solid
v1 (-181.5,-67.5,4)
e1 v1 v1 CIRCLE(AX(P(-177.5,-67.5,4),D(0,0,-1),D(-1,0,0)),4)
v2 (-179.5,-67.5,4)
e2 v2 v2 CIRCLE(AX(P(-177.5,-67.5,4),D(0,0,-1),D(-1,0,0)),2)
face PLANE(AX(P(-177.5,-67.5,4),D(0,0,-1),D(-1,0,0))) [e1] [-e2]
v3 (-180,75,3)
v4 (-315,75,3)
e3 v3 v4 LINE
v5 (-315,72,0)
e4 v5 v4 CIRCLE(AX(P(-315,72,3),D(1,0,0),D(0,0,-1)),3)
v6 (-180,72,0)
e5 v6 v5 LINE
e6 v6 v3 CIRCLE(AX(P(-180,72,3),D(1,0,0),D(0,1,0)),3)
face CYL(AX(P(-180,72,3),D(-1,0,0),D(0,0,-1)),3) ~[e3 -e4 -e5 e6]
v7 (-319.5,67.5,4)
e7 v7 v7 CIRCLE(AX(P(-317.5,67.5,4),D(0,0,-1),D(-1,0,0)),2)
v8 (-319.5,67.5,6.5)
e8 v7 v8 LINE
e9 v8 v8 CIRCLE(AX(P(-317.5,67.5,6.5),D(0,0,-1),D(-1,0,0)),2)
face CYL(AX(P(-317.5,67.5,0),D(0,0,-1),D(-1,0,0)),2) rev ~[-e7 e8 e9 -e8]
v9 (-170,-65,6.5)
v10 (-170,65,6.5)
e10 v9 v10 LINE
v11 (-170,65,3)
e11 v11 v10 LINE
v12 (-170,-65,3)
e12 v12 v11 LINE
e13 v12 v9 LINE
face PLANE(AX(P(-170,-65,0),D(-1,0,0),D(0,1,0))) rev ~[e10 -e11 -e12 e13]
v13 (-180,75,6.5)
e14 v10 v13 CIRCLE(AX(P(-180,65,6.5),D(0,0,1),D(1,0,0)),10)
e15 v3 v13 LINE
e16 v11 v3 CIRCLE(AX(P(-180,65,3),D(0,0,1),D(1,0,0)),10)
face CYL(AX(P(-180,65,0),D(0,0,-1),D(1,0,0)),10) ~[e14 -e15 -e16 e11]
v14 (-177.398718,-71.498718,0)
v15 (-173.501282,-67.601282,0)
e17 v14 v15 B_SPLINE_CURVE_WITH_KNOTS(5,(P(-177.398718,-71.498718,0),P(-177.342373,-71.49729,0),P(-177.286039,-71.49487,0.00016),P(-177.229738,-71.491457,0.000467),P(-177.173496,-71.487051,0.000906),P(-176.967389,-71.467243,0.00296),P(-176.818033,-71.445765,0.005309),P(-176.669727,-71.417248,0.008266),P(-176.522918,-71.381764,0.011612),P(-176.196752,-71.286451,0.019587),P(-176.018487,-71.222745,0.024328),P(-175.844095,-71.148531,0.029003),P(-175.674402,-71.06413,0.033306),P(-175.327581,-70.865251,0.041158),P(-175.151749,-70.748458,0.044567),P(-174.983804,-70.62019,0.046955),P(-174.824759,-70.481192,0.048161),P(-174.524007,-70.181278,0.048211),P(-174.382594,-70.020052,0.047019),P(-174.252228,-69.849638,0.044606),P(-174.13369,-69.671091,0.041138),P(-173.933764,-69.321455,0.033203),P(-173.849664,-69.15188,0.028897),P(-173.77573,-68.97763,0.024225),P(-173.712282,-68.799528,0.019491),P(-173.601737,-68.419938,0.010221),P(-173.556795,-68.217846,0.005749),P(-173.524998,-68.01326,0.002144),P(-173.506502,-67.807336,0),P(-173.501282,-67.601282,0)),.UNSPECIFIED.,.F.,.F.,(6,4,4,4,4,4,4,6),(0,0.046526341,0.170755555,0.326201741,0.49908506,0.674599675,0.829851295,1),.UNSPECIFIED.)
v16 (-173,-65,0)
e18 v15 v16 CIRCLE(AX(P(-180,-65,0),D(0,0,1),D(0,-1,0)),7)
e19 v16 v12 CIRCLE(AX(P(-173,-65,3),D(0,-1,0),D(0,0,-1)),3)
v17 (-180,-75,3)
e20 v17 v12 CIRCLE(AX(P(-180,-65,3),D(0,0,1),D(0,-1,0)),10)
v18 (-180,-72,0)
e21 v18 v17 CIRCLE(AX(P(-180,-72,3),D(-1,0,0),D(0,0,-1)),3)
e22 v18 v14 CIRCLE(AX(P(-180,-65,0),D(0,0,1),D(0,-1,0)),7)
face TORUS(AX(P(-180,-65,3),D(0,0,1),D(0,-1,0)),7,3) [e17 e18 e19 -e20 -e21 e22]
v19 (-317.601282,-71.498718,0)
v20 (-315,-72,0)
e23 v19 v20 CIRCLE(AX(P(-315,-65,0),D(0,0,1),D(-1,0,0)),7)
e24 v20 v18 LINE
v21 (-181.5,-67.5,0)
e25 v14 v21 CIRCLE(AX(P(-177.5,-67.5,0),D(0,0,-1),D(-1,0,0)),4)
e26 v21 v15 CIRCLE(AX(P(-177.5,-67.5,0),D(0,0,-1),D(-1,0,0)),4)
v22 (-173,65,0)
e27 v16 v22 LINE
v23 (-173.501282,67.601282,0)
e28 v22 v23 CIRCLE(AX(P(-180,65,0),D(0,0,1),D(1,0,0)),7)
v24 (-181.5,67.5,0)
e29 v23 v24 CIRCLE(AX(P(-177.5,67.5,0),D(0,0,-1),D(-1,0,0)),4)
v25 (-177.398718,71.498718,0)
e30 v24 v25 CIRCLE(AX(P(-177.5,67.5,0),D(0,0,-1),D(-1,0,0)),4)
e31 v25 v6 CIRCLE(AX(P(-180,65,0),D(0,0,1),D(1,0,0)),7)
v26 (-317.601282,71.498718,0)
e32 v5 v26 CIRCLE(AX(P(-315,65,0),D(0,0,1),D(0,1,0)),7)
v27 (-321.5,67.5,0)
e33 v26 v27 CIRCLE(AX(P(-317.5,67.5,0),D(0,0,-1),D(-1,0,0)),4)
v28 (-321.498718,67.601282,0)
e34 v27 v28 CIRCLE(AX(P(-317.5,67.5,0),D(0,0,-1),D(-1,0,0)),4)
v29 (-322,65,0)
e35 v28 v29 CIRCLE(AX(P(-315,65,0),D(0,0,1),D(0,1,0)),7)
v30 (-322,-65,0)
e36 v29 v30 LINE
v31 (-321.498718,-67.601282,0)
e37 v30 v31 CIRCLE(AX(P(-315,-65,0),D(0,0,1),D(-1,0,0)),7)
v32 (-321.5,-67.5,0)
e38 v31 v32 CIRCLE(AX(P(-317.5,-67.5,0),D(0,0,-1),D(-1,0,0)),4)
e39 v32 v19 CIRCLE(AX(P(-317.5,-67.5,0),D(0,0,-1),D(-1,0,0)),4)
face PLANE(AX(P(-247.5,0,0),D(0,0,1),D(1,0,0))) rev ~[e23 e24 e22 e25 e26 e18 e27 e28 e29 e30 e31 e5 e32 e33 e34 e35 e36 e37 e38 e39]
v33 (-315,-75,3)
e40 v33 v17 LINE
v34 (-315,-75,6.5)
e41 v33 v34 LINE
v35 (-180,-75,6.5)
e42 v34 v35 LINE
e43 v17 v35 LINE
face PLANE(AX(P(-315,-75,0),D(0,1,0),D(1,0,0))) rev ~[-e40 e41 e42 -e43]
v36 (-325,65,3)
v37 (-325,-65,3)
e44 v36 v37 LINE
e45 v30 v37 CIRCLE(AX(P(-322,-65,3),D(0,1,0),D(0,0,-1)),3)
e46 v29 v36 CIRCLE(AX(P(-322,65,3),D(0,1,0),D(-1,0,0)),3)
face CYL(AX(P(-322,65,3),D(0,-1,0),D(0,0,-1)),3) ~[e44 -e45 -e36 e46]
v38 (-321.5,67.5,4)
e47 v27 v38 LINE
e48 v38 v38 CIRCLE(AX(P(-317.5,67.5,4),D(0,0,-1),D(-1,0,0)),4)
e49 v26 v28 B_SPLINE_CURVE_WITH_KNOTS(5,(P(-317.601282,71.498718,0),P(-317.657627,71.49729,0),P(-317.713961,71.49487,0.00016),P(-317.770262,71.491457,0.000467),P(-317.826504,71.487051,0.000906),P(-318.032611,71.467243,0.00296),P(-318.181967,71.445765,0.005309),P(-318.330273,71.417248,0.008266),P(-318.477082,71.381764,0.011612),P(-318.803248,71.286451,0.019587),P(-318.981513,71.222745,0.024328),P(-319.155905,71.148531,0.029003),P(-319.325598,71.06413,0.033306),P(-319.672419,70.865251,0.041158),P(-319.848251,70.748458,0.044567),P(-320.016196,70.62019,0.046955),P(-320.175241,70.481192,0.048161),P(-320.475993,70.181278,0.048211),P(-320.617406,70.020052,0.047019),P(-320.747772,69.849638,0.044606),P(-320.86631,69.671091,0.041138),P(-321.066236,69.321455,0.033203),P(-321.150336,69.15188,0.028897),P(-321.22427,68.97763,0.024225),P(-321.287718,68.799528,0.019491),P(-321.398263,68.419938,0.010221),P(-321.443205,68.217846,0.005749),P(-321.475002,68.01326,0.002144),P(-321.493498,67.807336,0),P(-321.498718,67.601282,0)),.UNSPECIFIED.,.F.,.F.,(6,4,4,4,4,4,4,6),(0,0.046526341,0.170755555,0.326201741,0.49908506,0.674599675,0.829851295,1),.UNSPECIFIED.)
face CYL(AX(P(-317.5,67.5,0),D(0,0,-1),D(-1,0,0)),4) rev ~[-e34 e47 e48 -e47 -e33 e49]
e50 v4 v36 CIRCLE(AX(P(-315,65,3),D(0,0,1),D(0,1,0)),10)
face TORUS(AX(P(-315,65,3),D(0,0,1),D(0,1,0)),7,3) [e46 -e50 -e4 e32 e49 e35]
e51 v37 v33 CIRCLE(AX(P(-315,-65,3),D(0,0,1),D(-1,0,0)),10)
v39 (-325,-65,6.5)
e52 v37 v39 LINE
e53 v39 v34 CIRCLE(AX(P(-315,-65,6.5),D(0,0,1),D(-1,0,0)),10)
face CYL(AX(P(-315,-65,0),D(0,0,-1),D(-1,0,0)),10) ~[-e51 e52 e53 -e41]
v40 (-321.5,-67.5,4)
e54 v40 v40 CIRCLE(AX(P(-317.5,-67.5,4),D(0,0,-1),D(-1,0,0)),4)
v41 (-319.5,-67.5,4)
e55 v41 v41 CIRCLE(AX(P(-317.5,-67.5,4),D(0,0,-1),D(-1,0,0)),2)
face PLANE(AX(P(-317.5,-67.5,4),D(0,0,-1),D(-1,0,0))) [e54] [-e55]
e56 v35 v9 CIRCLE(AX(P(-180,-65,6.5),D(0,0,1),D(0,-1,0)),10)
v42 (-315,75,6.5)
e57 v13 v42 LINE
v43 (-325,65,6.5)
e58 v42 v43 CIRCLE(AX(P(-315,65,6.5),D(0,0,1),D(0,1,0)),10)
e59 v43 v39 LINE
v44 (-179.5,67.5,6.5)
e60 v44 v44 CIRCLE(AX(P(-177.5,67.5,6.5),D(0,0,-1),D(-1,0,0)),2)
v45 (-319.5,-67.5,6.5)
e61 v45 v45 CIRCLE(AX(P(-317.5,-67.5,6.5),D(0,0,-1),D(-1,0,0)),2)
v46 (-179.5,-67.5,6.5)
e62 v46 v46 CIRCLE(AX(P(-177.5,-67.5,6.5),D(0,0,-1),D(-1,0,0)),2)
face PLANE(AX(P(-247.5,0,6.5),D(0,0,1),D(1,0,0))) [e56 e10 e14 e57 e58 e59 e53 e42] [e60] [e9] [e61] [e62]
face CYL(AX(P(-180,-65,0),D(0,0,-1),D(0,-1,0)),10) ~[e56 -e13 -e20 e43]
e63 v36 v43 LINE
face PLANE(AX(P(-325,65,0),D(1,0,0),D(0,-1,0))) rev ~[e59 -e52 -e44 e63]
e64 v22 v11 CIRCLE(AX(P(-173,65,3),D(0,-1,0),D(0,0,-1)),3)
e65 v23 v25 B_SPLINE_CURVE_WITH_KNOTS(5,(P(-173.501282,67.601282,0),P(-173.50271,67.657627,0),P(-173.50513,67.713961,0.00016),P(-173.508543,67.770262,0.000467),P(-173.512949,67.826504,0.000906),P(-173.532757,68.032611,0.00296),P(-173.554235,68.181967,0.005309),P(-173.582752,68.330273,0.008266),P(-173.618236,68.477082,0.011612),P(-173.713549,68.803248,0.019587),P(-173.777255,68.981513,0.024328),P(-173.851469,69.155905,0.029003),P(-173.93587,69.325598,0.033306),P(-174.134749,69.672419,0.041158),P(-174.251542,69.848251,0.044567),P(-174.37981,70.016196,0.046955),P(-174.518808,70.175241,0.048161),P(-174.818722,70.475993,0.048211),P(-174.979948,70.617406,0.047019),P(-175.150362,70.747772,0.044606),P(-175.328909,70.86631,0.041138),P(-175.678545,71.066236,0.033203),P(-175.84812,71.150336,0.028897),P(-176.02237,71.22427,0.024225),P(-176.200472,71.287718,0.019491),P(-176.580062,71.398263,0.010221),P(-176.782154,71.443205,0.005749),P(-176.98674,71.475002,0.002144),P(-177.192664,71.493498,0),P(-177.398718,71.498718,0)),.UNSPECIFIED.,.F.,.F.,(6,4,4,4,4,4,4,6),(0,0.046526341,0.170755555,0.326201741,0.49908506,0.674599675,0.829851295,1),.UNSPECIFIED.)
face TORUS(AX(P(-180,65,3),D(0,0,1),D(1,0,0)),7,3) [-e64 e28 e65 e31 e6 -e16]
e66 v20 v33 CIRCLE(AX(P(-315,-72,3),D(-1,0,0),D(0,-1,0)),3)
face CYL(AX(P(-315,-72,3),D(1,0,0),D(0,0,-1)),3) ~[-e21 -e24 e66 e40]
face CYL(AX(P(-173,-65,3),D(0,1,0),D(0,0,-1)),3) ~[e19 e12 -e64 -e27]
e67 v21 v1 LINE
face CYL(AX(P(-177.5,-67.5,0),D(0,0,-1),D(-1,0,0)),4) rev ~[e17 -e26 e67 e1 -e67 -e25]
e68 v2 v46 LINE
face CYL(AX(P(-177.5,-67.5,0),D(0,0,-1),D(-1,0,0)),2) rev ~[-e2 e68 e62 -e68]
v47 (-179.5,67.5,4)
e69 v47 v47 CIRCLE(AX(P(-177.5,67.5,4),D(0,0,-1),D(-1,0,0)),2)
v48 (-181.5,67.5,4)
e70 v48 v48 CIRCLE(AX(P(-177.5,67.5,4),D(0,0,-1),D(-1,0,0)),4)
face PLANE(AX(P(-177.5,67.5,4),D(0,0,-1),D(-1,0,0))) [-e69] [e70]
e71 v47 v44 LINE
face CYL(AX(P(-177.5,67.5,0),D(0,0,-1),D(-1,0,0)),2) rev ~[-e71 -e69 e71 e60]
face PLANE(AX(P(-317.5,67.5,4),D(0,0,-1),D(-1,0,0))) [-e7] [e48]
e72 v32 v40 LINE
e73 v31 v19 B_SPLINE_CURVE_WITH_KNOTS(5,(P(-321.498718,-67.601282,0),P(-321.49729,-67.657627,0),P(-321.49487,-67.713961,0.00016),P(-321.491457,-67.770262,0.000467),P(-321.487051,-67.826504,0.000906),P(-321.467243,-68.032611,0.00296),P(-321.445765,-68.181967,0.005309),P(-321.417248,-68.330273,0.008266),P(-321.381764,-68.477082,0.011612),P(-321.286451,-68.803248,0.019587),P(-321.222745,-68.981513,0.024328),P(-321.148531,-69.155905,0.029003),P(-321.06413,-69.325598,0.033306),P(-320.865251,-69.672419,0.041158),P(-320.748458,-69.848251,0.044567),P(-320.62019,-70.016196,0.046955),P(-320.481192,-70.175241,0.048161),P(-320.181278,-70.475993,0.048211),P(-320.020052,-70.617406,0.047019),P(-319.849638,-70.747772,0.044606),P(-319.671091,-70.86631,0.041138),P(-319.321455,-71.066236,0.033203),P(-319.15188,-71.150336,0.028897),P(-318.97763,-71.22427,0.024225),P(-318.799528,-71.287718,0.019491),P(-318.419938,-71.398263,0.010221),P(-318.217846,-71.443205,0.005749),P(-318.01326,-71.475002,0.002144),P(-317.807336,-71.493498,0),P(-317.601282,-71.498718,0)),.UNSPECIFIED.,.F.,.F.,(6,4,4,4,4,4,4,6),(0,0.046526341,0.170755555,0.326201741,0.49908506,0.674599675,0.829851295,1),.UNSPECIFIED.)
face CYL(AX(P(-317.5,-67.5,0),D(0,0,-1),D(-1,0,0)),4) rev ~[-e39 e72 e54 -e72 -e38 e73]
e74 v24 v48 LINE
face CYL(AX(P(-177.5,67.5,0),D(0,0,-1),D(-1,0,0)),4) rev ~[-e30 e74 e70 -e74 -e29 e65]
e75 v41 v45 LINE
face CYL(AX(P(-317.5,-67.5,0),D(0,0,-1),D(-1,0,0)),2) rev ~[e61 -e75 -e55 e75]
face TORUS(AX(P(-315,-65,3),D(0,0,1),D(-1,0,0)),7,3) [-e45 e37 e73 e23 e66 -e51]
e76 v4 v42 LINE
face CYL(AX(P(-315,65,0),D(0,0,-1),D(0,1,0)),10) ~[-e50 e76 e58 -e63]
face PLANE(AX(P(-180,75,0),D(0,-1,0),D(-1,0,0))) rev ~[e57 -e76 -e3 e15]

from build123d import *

# Parameters (mm, degrees)
SKETCH1_R           = 1.25
BOSS_EXTRUDE1_DEPTH = 6.5
SKETCH2_R           = 2
CUT_EXTRUDE1_DEPTH  = 334.604931019
FILLET1_R           = 3
SKETCH3_R           = 4
CUT_EXTRUDE2_DEPTH  = 4


with BuildPart() as part:
    # Sketch1 → Boss-Extrude1 (new body)
    with BuildSketch(Plane.XY):
        with BuildLine():
            Line((-315, -75), (-180, -75))
            ThreePointArc((-180, -75), (-172.928932188, -72.071067812), (-170, -65))
            Line((-170, -65), (-170, 65))
            ThreePointArc((-170, 65), (-172.928932188, 72.071067812), (-180, 75))
            Line((-180, 75), (-315, 75))
            ThreePointArc((-315, 75), (-322.071067812, 72.071067812), (-325, 65))
            Line((-325, 65), (-325, -65))
            ThreePointArc((-325, -65), (-322.071067812, -72.071067812), (-315, -75))
        make_face()
        with Locations(Location((-317.5, -67.5, 0), (0, 0, 180))):
            Circle(SKETCH1_R, mode=Mode.SUBTRACT)
        with Locations(Location((-177.5, -67.5, 0), (0, 0, 180))):
            Circle(SKETCH1_R, mode=Mode.SUBTRACT)
        with Locations(Location((-177.5, 67.5, 0), (0, 0, 180))):
            Circle(SKETCH1_R, mode=Mode.SUBTRACT)
        with Locations(Location((-317.5, 67.5, 0), (0, 0, 180))):
            Circle(SKETCH1_R, mode=Mode.SUBTRACT)
    extrude(amount=BOSS_EXTRUDE1_DEPTH)

    # Sketch2 → Cut-Extrude1 (cut, through all)
    with BuildSketch(Plane(origin=(0, 0, 0), x_dir=(-1, 0, 0), z_dir=(0, 0, -1))):
        with Locations((177.5, 67.5)):
            Circle(SKETCH2_R)
        with Locations((317.5, 67.5)):
            Circle(SKETCH2_R)
        with Locations((317.5, -67.5)):
            Circle(SKETCH2_R)
        with Locations((177.5, -67.5)):
            Circle(SKETCH2_R)
    extrude(amount=-CUT_EXTRUDE1_DEPTH, mode=Mode.SUBTRACT)

    # Fillet1
    fillet1_edges = [part.edges().sort_by_distance(p)[0] for p in [
        (-170, 0, 0),
        (-172.928932188, -72.071067812, 0),
        (-247.5, -75, 0),
        (-322.071067812, -72.071067812, 0),
        (-325, 0, 0),
        (-322.071067812, 72.071067812, 0),
        (-247.5, 75, 0),
        (-172.928932188, 72.071067812, 0),
    ]]
    fillet(fillet1_edges, radius=FILLET1_R)

    # Sketch3 → Cut-Extrude2 (cut)
    with BuildSketch(Plane(origin=(0, 0, 0), x_dir=(-1, 0, 0), z_dir=(0, 0, -1))):
        with Locations((177.5, 67.5)):
            Circle(SKETCH3_R)
        with Locations((317.5, 67.5)):
            Circle(SKETCH3_R)
        with Locations((177.5, -67.5)):
            Circle(SKETCH3_R)
        with Locations((317.5, -67.5)):
            Circle(SKETCH3_R)
    extrude(amount=-CUT_EXTRUDE2_DEPTH, mode=Mode.SUBTRACT)


solid = part.part
